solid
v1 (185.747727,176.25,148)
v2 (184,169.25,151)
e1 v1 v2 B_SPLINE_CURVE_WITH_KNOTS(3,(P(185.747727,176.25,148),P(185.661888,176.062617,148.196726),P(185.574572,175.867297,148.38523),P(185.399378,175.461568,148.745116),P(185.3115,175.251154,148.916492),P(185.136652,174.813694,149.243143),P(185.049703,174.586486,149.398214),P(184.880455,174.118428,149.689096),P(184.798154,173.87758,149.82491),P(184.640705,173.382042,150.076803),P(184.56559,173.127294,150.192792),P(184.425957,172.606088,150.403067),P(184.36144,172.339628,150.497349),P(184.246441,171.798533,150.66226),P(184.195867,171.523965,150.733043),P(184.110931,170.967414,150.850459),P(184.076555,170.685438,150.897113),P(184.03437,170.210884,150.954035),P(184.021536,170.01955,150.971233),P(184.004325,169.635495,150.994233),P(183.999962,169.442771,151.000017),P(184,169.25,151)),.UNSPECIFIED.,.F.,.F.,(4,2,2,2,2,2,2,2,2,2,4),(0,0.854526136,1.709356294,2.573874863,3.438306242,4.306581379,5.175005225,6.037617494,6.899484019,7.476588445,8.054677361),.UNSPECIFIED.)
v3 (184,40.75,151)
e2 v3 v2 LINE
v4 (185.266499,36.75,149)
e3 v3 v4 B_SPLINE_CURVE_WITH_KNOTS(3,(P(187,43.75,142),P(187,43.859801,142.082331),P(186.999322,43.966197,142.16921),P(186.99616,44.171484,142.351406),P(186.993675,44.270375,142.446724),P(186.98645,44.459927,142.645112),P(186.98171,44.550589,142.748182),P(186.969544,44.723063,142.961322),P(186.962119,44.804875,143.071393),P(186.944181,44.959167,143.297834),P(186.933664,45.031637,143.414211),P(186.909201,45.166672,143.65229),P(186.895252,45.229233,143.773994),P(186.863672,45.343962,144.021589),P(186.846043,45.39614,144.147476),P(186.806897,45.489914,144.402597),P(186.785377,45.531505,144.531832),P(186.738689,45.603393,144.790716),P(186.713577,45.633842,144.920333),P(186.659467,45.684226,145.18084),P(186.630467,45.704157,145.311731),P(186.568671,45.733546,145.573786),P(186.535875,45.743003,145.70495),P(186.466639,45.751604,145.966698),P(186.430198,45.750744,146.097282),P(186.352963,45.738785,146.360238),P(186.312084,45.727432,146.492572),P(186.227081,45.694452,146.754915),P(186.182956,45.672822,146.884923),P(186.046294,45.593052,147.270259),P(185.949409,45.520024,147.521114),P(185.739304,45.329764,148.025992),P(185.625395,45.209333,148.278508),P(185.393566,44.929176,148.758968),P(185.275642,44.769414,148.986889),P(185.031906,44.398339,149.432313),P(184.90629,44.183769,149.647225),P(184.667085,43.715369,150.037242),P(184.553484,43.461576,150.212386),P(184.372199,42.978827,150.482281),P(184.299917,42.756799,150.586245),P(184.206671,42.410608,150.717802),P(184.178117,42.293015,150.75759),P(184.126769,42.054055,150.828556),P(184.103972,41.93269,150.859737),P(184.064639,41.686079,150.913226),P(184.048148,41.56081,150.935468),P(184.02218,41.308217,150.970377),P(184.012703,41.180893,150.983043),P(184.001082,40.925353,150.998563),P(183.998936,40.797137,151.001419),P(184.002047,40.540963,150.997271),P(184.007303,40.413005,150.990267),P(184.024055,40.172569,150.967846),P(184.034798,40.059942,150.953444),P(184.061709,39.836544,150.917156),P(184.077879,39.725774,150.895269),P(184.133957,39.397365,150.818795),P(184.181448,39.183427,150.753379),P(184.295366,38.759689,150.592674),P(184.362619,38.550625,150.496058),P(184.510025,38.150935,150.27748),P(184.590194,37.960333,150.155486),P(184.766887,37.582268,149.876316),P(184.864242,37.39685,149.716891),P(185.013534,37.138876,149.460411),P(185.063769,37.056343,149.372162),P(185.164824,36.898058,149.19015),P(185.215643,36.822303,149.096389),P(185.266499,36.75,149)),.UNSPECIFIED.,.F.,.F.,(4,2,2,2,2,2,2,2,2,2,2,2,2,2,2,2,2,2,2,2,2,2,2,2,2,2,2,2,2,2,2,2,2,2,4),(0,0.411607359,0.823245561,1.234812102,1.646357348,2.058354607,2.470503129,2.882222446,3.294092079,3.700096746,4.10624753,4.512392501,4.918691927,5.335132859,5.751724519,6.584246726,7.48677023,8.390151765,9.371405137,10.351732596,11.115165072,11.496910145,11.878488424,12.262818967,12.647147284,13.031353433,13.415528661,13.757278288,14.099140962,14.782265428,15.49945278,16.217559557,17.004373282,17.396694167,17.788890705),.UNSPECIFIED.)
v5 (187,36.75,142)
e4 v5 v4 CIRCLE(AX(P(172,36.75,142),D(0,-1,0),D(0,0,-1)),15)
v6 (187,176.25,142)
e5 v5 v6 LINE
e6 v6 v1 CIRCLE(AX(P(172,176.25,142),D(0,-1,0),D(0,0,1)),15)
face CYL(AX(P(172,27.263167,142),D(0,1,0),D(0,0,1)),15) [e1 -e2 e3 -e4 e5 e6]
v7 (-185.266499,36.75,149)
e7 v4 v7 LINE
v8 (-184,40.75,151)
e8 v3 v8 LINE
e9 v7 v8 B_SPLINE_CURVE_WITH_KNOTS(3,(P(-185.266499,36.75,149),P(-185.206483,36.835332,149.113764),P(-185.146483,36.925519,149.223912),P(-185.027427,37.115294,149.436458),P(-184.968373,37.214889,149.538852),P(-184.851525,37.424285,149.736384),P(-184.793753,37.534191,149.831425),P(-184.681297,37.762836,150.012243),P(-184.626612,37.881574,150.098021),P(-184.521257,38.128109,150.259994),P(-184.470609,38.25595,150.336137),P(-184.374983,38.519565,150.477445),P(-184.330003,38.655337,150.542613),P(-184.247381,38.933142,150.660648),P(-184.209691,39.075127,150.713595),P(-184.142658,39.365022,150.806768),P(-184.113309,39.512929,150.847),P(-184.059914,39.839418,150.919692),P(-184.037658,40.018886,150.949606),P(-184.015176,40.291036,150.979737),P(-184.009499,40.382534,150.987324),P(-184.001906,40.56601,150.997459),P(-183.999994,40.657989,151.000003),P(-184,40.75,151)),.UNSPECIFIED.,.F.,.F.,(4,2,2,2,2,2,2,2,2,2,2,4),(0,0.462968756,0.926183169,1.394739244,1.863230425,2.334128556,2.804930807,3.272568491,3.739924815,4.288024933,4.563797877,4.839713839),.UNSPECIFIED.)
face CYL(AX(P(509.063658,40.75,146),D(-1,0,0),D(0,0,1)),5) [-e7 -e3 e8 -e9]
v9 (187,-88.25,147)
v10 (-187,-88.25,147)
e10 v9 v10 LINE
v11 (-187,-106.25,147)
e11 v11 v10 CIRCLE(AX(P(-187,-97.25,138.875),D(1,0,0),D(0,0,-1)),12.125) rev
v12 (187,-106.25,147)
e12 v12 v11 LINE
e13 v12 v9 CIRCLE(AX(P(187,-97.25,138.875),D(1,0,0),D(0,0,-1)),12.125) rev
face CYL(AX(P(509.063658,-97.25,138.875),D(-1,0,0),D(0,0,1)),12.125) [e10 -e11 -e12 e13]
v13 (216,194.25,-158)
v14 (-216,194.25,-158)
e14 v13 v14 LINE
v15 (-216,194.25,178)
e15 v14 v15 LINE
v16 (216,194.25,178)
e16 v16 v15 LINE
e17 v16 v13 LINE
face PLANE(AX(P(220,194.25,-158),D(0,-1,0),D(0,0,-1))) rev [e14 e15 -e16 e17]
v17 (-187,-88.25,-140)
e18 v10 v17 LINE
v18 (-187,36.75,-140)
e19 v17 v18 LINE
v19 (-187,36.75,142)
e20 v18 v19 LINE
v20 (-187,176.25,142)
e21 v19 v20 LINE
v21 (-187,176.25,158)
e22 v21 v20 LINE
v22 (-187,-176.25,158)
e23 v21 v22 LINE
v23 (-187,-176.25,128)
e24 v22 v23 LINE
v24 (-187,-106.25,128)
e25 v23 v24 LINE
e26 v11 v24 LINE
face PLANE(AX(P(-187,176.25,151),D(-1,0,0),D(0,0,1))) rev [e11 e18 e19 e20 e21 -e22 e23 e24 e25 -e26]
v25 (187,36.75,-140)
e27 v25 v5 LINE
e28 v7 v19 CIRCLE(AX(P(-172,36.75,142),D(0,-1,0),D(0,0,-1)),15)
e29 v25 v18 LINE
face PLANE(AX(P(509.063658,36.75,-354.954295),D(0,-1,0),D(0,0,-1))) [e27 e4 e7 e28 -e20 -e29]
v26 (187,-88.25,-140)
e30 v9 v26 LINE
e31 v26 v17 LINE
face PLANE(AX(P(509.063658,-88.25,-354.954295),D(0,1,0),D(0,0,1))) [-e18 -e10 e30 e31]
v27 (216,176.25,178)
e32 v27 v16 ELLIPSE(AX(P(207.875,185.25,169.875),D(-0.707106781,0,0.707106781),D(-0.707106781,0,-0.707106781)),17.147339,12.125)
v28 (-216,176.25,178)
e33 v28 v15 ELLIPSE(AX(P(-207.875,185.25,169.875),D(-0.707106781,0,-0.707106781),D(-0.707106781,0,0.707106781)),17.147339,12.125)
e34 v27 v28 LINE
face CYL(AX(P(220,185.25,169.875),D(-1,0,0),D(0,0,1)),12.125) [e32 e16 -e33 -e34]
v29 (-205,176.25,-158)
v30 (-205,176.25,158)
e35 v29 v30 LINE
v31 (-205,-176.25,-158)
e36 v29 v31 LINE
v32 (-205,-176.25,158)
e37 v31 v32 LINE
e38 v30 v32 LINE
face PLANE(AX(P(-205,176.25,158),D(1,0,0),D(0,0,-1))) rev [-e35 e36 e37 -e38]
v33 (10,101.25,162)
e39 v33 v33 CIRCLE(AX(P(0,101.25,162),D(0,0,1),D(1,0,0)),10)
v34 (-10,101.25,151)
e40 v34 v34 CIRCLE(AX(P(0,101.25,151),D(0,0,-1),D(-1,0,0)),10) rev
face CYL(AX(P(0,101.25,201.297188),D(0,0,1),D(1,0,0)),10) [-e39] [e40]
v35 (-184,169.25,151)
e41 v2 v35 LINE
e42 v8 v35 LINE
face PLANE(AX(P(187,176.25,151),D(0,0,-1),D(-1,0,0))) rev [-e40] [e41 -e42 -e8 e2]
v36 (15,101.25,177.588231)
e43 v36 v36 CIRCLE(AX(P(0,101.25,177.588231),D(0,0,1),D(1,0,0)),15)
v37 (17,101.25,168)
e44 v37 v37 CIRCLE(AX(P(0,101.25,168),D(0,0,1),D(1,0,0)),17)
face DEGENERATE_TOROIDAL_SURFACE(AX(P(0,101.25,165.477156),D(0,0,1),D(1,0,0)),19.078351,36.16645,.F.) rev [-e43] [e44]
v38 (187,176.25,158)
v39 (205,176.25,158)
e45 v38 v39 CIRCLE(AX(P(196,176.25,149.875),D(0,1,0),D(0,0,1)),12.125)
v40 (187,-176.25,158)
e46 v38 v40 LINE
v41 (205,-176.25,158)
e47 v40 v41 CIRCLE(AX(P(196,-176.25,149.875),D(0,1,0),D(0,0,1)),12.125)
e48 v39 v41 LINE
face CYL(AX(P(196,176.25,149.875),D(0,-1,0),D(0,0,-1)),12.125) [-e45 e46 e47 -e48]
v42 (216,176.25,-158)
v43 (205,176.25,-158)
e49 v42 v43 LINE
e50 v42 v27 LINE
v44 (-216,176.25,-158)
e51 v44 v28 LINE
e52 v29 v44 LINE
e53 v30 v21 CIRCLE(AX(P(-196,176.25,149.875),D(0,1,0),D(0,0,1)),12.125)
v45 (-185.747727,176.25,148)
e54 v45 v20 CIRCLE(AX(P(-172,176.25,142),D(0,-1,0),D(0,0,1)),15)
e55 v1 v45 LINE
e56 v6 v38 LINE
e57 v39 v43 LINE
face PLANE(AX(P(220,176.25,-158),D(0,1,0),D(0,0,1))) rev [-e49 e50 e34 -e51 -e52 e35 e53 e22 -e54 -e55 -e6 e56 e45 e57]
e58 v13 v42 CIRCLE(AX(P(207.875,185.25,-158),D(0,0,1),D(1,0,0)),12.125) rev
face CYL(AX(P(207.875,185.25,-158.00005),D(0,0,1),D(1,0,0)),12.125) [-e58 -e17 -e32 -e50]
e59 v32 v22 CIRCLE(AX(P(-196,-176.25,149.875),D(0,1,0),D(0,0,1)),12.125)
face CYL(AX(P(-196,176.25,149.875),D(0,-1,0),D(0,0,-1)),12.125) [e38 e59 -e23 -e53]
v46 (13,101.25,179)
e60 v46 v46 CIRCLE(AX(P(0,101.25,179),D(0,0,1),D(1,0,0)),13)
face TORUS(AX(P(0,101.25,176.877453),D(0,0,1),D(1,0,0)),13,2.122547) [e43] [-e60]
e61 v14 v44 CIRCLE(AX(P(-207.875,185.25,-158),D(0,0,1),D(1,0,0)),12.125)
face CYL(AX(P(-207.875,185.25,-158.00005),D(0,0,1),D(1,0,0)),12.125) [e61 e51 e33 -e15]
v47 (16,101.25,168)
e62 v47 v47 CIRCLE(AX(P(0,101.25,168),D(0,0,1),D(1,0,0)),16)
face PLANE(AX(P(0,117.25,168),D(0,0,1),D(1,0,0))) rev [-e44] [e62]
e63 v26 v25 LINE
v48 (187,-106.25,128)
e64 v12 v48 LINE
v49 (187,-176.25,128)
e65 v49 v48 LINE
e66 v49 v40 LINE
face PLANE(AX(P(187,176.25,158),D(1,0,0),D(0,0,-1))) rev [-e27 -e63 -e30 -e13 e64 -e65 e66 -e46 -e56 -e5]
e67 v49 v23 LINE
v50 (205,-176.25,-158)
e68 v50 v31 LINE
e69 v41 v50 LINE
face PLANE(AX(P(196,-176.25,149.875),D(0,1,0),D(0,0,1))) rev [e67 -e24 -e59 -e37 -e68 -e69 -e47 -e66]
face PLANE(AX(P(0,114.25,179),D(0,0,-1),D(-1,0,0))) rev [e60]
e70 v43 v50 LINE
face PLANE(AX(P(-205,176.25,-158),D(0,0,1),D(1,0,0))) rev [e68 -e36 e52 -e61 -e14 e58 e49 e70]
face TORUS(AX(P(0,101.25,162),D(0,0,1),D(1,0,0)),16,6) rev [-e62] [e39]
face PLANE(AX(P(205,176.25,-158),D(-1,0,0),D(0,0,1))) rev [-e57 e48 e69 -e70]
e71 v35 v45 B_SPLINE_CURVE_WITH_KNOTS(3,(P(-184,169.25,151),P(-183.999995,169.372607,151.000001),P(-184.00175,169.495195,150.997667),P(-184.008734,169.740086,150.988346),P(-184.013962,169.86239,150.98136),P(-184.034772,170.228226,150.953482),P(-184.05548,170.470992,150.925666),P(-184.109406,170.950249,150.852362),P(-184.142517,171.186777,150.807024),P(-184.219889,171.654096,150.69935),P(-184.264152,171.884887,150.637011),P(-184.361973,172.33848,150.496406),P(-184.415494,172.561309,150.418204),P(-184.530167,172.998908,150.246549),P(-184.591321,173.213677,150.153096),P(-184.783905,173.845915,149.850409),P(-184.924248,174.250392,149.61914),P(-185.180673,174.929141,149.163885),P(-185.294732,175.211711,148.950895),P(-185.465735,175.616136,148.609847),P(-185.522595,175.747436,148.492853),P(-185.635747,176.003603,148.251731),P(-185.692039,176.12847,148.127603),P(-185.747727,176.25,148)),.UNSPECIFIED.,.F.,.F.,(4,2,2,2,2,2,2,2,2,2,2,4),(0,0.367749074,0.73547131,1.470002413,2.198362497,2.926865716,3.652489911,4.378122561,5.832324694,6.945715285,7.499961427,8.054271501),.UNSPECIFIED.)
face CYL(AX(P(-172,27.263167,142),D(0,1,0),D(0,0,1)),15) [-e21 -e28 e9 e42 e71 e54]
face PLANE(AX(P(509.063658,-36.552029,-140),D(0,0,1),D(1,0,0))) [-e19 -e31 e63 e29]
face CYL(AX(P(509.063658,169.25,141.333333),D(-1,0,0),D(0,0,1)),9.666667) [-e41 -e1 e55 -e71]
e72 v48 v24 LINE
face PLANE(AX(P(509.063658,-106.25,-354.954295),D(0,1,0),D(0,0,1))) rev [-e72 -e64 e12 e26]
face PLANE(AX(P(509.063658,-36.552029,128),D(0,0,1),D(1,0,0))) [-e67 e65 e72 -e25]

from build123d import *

# Parameters (mm, degrees)
BOSS_EXTRU_1_DEPTH           = 176.25
ENL_V_MAT_EXTRU_1_DEPTH      = 374
ENL_V_MAT_EXTRU_2_REACH      = 440.777
BOSS_EXTRU_2_DEPTH           = 220
ENL_V_MAT_EXTRU_3_DEPTH      = 346.336158692
ENL_V_MAT_EXTRU_3_DEPTH_BACK = 346.336158692


with BuildPart() as part:
    # Esquisse1 → Boss.-Extru.1 (new, symmetric)
    with BuildSketch(Plane(origin=(0, 0, 0), x_dir=(1, 0, 0), z_dir=(0, 1, 0))):
        with BuildLine():
            Line((-205, 158), (205, 158))
            Line((205, 158), (205, -158))
            ThreePointArc((205, -158), (196, -162), (187, -158))
            Line((187, -158), (187, -151))
            Line((187, -151), (-187, -151))
            Line((-187, -151), (-187, -158))
            ThreePointArc((-187, -158), (-196, -162), (-205, -158))
            Line((-205, -158), (-205, 158))
        make_face()
    extrude(amount=BOSS_EXTRU_1_DEPTH, both=True)

    # Esquisse2 → Enlèv. mat.-Extru.1 (cut)
    with BuildSketch(Plane(origin=(-187, 0, 0), x_dir=(0, 0, -1), z_dir=(1, 0, 0))):
        with BuildLine():
            Line((-151, -97.25), (-151, -176.25))
            Line((-151, -176.25), (-128, -176.25))
            Line((-128, -176.25), (-128, -106.25))
            Line((-128, -106.25), (-147, -106.25))
            ThreePointArc((-147, -106.25), (-149.954965027, -102.174428901), (-151, -97.25))
        make_face()
        with BuildLine():
            Line((-151, 40.75), (-151, -97.25))
            ThreePointArc((-151, -97.25), (-149.954965027, -92.325571099), (-147, -88.25))
            Line((-147, -88.25), (140, -88.25))
            Line((140, -88.25), (140, 36.75))
            Line((140, 36.75), (-149, 36.75))
            ThreePointArc((-149, 36.75), (-150.472135955, 38.513932023), (-151, 40.75))
        make_face()
        with BuildLine():
            Line((-148, 176.25), (-151, 176.25))
            Line((-151, 176.25), (-151, 169.25))
            ThreePointArc((-151, 169.25), (-150.218401957, 173.057886553), (-148, 176.25))
        make_face()
    extrude(amount=ENL_V_MAT_EXTRU_1_DEPTH, mode=Mode.SUBTRACT)

    # Enlèv. mat.-Extru.2: up to this face of the body (flat: up to its plane)
    enl_v_mat_extru_2_end = Plane(part.part.faces().sort_by_distance((0, 36.75, 4.5))[0])
    # Esquisse3 → Enlèv. mat.-Extru.2 (cut, up to the picked face)
    with BuildSketch(Plane(origin=(0, 176.25, 0), x_dir=(1, 0, 0), z_dir=(0, 1, 0)), mode=Mode.PRIVATE) as enl_v_mat_extru_2_sk1:
        with BuildLine():
            Line((-187, -151), (-187, -142))
            ThreePointArc((-187, -142), (-186.230249471, -146.74341649), (-184, -151))
            Line((-184, -151), (-187, -151))
        make_face()
    enl_v_mat_extru_2_tool1 = split(extrude(enl_v_mat_extru_2_sk1.sketch, amount=-ENL_V_MAT_EXTRU_2_REACH, mode=Mode.PRIVATE), bisect_by=enl_v_mat_extru_2_end, keep=Keep.BOTH, mode=Mode.PRIVATE)
    # Esquisse3 → Enlèv. mat.-Extru.2 (cut, up to the picked face)
    with BuildSketch(Plane(origin=(0, 176.25, 0), x_dir=(1, 0, 0), z_dir=(0, 1, 0)), mode=Mode.PRIVATE) as enl_v_mat_extru_2_sk2:
        with BuildLine():
            Line((184, -151), (187, -151))
            Line((187, -151), (187, -142))
            ThreePointArc((187, -142), (186.230249471, -146.74341649), (184, -151))
        make_face()
    enl_v_mat_extru_2_tool2 = split(extrude(enl_v_mat_extru_2_sk2.sketch, amount=-ENL_V_MAT_EXTRU_2_REACH, mode=Mode.PRIVATE), bisect_by=enl_v_mat_extru_2_end, keep=Keep.BOTH, mode=Mode.PRIVATE)
    add(enl_v_mat_extru_2_tool1.solids().sort_by(Axis((-186.117852, 176.25, 148.797484), (0, -1, 0)))[0], mode=Mode.SUBTRACT)
    add(enl_v_mat_extru_2_tool2.solids().sort_by(Axis((186.117852, 176.25, 148.797484), (0, -1, 0)))[0], mode=Mode.SUBTRACT)

    # Esquisse4 → Boss.-Extru.2 (add, symmetric)
    with BuildSketch(Plane(origin=(0, 0, 0), x_dir=(0, 0, -1), z_dir=(1, 0, 0))):
        with BuildLine():
            Line((158, 176.25), (-178, 176.25))
            ThreePointArc((-178, 176.25), (-182, 185.25), (-178, 194.25))
            Line((-178, 194.25), (158, 194.25))
            Line((158, 194.25), (158, 176.25))
        make_face()
    extrude(amount=BOSS_EXTRU_2_DEPTH, both=True)

    # Esquisse5 → Enlèv. mat.-Extru.3 (cut, two sides: drawn at the far end of the back side and taken through both)
    with BuildSketch(Plane.XY.offset(-ENL_V_MAT_EXTRU_3_DEPTH_BACK)):
        with BuildLine():
            Line((220, 194.25), (216, 194.25))
            ThreePointArc((216, 194.25), (218.954965027, 190.174428901), (220, 185.25))
            Line((220, 185.25), (220, 194.25))
        make_face()
        with BuildLine():
            ThreePointArc((-220, 185.25), (-218.954965027, 190.174428901), (-216, 194.25))
            Line((-216, 194.25), (-220, 194.25))
            Line((-220, 194.25), (-220, 185.25))
        make_face()
        with BuildLine():
            ThreePointArc((-216, 176.25), (-218.954965027, 180.325571099), (-220, 185.25))
            Line((-220, 185.25), (-220, 176.25))
            Line((-220, 176.25), (-216, 176.25))
        make_face()
        with BuildLine():
            Line((220, 176.25), (220, 185.25))
            ThreePointArc((220, 185.25), (218.954965027, 180.325571099), (216, 176.25))
            Line((216, 176.25), (220, 176.25))
        make_face()
    extrude(amount=ENL_V_MAT_EXTRU_3_DEPTH + ENL_V_MAT_EXTRU_3_DEPTH_BACK, mode=Mode.SUBTRACT)

    # Esquisse6 → Révolution1 (revolve)
    with BuildSketch(Plane(origin=(0, 0, 0), x_dir=(0, 0, -1), z_dir=(1, 0, 0)), mode=Mode.PRIVATE) as r_volution1_sk:
        with BuildLine():
            Line((-151, 111.25), (-162, 111.25))
            ThreePointArc((-162, 111.25), (-166.242640687, 113.007359313), (-168, 117.25))
            Line((-168, 117.25), (-168, 118.25))
            ThreePointArc((-168, 118.25), (-172.862133877, 117.576087333), (-177.588231263, 116.25))
            ThreePointArc((-177.588231263, 116.25), (-178.611504042, 115.474039518), (-179, 114.25))
            Line((-179, 114.25), (-179, 101.25))
            Line((-179, 101.25), (-151, 101.25))
            Line((-151, 101.25), (-151, 111.25))
        make_face()
    revolve(r_volution1_sk.sketch.rotate(Axis((0, 101.25, 201.29718837), (0, 0, -1)), 90), axis=Axis((0, 101.25, 201.29718837), (0, 0, -1)))


solid = part.part
